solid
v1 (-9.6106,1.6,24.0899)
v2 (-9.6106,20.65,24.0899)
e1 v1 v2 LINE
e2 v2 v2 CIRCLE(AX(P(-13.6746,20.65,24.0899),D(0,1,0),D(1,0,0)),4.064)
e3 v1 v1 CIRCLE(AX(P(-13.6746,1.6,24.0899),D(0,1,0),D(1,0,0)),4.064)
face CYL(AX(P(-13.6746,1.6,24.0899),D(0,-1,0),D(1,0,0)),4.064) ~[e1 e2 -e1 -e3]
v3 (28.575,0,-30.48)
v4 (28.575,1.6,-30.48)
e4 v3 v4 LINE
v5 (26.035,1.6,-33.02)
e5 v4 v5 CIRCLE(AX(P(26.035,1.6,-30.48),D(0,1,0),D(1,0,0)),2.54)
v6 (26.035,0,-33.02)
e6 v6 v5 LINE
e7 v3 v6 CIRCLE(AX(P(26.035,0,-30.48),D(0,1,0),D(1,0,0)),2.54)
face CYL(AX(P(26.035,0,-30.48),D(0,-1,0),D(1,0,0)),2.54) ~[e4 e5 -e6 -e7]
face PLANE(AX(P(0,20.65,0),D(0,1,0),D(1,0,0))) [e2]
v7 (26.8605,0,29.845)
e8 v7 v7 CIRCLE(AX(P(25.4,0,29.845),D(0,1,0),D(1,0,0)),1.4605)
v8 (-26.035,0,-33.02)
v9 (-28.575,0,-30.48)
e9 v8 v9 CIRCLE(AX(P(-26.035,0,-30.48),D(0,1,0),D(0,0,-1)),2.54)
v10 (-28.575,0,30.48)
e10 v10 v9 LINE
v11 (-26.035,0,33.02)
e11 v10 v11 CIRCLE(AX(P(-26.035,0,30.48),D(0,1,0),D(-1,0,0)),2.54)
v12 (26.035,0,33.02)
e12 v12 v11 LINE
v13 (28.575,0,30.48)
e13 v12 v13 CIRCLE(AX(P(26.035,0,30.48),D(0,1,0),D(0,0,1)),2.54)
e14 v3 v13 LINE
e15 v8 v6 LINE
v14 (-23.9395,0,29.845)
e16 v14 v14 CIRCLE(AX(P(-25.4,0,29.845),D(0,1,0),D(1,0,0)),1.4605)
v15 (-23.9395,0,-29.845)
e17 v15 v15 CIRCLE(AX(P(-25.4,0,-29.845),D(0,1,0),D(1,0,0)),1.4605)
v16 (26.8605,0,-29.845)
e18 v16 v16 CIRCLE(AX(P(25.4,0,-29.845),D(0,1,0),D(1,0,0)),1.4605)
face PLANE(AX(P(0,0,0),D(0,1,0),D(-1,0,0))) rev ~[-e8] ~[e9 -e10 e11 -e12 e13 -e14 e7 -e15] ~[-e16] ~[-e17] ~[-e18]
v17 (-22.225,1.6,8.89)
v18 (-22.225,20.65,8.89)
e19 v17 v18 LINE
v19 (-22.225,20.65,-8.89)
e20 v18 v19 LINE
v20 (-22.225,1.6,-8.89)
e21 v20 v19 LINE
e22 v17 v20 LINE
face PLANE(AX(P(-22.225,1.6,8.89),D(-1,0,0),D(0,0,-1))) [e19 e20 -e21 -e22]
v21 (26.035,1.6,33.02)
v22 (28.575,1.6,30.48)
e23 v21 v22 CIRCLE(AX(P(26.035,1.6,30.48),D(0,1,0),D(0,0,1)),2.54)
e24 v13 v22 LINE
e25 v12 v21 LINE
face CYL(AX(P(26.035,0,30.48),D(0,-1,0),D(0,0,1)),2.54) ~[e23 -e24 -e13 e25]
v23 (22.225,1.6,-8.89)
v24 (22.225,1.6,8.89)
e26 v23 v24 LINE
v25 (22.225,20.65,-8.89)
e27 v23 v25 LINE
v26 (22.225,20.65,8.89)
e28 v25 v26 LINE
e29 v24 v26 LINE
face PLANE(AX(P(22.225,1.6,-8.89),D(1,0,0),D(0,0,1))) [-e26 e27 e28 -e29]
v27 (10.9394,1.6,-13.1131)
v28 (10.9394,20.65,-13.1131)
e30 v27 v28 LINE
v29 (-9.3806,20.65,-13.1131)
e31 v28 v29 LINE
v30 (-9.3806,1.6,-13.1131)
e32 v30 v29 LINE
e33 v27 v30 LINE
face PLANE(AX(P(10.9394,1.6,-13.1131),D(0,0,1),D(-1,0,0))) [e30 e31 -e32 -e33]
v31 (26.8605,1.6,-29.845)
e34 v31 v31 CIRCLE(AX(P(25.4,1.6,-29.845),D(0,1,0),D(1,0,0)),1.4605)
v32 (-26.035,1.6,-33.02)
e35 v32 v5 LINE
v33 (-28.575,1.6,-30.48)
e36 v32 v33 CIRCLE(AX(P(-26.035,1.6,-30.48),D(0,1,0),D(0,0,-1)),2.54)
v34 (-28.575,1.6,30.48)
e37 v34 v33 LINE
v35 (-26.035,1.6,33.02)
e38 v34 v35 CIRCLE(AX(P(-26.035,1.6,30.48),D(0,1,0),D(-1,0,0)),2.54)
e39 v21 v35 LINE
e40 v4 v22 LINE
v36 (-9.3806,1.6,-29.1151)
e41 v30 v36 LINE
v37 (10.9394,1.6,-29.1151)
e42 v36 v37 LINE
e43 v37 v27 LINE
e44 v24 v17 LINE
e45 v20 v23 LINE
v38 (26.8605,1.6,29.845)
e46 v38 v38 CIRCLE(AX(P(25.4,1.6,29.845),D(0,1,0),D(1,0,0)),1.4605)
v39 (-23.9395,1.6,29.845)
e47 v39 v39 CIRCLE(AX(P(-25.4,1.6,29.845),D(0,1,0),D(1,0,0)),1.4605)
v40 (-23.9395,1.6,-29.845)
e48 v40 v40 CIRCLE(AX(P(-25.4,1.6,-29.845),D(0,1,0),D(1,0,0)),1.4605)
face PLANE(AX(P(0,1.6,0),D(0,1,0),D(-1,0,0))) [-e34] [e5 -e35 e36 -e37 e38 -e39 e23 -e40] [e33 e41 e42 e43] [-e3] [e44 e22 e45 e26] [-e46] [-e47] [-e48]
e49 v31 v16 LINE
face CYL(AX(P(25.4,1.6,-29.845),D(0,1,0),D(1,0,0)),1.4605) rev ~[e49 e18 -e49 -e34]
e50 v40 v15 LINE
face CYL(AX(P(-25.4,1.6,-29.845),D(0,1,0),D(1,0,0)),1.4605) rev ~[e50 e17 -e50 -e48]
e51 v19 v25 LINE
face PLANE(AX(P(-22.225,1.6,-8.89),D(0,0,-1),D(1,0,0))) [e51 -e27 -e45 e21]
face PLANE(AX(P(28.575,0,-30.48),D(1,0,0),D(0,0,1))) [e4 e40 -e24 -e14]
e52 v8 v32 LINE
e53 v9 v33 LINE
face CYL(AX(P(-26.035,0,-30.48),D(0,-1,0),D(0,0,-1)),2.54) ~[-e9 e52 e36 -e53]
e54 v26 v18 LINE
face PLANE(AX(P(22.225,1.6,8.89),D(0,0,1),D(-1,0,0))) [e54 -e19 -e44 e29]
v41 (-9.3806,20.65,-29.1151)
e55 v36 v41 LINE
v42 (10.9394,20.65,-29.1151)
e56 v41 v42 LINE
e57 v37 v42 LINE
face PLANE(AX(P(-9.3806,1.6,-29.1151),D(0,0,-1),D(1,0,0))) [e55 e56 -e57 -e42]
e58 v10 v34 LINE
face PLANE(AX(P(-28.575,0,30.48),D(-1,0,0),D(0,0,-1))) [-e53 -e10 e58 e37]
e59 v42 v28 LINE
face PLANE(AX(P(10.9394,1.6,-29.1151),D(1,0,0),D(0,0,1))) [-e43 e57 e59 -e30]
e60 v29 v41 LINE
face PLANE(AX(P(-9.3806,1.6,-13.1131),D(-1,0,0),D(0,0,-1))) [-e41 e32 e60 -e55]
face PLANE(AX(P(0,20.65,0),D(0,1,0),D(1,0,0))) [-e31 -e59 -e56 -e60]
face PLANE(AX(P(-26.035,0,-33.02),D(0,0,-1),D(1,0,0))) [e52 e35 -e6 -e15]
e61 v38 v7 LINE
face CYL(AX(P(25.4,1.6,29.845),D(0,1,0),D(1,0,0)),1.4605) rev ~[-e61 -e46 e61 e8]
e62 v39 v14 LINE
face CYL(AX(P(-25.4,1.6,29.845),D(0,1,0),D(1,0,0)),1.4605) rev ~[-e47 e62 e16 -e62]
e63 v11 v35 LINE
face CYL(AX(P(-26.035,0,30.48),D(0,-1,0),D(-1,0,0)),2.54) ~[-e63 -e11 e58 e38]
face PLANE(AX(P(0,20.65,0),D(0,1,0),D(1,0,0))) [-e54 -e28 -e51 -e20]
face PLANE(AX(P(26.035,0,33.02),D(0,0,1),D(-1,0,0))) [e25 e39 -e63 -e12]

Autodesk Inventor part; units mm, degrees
ref_plane "YZ Plane" through (0, 0, 0) normal (1, 0, 0) x (0, 1, 0)
ref_plane "XZ Plane" through (0, 0, 0) normal (0, 1, 0) x (-1, 0, 0)
ref_plane "XY Plane" through (0, 0, 0) normal (0, 0, 1) x (1, 0, 0)
sketch "Sketch1" plane through (0, 0, 0) normal (0, 1, 0) x (-1, 0, 0)
  line L0 (-26.035, 33.02) -> (26.035, 33.02)
  line L1 (28.575, 30.48) -> (28.575, -30.48)
  line L2 (26.035, -33.02) -> (-26.035, -33.02)
  line L3 (-28.575, -30.48) -> (-28.575, 30.48)
  line L4 (-28.575, 33.02) -> (28.575, -33.02) construction
  line L5 (28.575, 33.02) -> (-28.575, -33.02) construction
  arc A0 (26.035, -33.02) -> (28.575, -30.48) centre (26.035, -30.48) ccw
  arc A1 (28.575, 30.48) -> (26.035, 33.02) centre (26.035, 30.48) ccw
  arc A2 (-26.035, 33.02) -> (-28.575, 30.48) centre (-26.035, 30.48) ccw
  arc A3 (-28.575, -30.48) -> (-26.035, -33.02) centre (-26.035, -30.48) ccw
  point P0 (0, 0)
  dimension "d0" = 57.15
  dimension "d1" = 66.04
  dimension "d2" = 2.54
extrude "Extrusion1" add sketch "Sketch1" along normal blind 1.6
sketch "Sketch2" plane through (0, 1.6, 0) normal (0, 1, 0) x (1, 0, 0)
  line L0 (25.4, -29.845) -> (-25.4, -29.845) construction
  line L1 (-25.4, -29.845) -> (-25.4, 29.845) construction
  line L2 (-25.4, 29.845) -> (25.4, 29.845) construction
  line L3 (25.4, 29.845) -> (25.4, -29.845) construction
  line L4 (25.4, -29.845) -> (-25.4, 29.845) construction
  line L5 (-25.4, -29.845) -> (25.4, 29.845) construction
  circle A0 centre (-25.4, 29.845) radius 1.4605
  circle A1 centre (-25.4, -29.845) radius 1.4605
  circle A2 centre (25.4, -29.845) radius 1.4605
  circle A3 centre (25.4, 29.845) radius 1.4605
  point P0 (0, 0)
  dimension "d5" = 50.8
  dimension "d6" = 59.69
  dimension "d7" = 2.921
extrude "Extrusion2" cut sketch "Sketch2" against normal through all
sketch "Sketch3" plane through (0, 1.6, 0) normal (0, 1, 0) x (1, 0, 0)
  line L0 (-22.225, 8.89) -> (22.225, 8.89)
  line L1 (22.225, 8.89) -> (22.225, -8.89)
  line L2 (22.225, -8.89) -> (-22.225, -8.89)
  line L3 (-22.225, -8.89) -> (-22.225, 8.89)
  line L4 (-22.225, 8.89) -> (22.225, -8.89) construction
  line L5 (22.225, 8.89) -> (-22.225, -8.89) construction
  line L6 (10.9394, 13.1131) -> (-9.3806, 13.1131)
  line L7 (-9.3806, 13.1131) -> (-9.3806, 29.1151)
  line L8 (-9.3806, 29.1151) -> (10.9394, 29.1151)
  line L9 (10.9394, 29.1151) -> (10.9394, 13.1131)
  line L10 (10.9394, 13.1131) -> (-9.3806, 29.1151) construction
  line L11 (-9.3806, 13.1131) -> (10.9394, 29.1151) construction
  circle A0 centre (-13.6746, -24.0899) radius 4.064
  point P0 (0, 0)
  point P1 (0.7794, 21.1141)
  dimension "d10" = 8.128
  dimension "d11" = 17.78
  dimension "d12" = 44.45
  dimension "d13" = 16.002
  dimension "d14" = 20.32
extrude "Extrusion3" add sketch "Sketch3" along normal blind 19.05
properties part number "pcb"
